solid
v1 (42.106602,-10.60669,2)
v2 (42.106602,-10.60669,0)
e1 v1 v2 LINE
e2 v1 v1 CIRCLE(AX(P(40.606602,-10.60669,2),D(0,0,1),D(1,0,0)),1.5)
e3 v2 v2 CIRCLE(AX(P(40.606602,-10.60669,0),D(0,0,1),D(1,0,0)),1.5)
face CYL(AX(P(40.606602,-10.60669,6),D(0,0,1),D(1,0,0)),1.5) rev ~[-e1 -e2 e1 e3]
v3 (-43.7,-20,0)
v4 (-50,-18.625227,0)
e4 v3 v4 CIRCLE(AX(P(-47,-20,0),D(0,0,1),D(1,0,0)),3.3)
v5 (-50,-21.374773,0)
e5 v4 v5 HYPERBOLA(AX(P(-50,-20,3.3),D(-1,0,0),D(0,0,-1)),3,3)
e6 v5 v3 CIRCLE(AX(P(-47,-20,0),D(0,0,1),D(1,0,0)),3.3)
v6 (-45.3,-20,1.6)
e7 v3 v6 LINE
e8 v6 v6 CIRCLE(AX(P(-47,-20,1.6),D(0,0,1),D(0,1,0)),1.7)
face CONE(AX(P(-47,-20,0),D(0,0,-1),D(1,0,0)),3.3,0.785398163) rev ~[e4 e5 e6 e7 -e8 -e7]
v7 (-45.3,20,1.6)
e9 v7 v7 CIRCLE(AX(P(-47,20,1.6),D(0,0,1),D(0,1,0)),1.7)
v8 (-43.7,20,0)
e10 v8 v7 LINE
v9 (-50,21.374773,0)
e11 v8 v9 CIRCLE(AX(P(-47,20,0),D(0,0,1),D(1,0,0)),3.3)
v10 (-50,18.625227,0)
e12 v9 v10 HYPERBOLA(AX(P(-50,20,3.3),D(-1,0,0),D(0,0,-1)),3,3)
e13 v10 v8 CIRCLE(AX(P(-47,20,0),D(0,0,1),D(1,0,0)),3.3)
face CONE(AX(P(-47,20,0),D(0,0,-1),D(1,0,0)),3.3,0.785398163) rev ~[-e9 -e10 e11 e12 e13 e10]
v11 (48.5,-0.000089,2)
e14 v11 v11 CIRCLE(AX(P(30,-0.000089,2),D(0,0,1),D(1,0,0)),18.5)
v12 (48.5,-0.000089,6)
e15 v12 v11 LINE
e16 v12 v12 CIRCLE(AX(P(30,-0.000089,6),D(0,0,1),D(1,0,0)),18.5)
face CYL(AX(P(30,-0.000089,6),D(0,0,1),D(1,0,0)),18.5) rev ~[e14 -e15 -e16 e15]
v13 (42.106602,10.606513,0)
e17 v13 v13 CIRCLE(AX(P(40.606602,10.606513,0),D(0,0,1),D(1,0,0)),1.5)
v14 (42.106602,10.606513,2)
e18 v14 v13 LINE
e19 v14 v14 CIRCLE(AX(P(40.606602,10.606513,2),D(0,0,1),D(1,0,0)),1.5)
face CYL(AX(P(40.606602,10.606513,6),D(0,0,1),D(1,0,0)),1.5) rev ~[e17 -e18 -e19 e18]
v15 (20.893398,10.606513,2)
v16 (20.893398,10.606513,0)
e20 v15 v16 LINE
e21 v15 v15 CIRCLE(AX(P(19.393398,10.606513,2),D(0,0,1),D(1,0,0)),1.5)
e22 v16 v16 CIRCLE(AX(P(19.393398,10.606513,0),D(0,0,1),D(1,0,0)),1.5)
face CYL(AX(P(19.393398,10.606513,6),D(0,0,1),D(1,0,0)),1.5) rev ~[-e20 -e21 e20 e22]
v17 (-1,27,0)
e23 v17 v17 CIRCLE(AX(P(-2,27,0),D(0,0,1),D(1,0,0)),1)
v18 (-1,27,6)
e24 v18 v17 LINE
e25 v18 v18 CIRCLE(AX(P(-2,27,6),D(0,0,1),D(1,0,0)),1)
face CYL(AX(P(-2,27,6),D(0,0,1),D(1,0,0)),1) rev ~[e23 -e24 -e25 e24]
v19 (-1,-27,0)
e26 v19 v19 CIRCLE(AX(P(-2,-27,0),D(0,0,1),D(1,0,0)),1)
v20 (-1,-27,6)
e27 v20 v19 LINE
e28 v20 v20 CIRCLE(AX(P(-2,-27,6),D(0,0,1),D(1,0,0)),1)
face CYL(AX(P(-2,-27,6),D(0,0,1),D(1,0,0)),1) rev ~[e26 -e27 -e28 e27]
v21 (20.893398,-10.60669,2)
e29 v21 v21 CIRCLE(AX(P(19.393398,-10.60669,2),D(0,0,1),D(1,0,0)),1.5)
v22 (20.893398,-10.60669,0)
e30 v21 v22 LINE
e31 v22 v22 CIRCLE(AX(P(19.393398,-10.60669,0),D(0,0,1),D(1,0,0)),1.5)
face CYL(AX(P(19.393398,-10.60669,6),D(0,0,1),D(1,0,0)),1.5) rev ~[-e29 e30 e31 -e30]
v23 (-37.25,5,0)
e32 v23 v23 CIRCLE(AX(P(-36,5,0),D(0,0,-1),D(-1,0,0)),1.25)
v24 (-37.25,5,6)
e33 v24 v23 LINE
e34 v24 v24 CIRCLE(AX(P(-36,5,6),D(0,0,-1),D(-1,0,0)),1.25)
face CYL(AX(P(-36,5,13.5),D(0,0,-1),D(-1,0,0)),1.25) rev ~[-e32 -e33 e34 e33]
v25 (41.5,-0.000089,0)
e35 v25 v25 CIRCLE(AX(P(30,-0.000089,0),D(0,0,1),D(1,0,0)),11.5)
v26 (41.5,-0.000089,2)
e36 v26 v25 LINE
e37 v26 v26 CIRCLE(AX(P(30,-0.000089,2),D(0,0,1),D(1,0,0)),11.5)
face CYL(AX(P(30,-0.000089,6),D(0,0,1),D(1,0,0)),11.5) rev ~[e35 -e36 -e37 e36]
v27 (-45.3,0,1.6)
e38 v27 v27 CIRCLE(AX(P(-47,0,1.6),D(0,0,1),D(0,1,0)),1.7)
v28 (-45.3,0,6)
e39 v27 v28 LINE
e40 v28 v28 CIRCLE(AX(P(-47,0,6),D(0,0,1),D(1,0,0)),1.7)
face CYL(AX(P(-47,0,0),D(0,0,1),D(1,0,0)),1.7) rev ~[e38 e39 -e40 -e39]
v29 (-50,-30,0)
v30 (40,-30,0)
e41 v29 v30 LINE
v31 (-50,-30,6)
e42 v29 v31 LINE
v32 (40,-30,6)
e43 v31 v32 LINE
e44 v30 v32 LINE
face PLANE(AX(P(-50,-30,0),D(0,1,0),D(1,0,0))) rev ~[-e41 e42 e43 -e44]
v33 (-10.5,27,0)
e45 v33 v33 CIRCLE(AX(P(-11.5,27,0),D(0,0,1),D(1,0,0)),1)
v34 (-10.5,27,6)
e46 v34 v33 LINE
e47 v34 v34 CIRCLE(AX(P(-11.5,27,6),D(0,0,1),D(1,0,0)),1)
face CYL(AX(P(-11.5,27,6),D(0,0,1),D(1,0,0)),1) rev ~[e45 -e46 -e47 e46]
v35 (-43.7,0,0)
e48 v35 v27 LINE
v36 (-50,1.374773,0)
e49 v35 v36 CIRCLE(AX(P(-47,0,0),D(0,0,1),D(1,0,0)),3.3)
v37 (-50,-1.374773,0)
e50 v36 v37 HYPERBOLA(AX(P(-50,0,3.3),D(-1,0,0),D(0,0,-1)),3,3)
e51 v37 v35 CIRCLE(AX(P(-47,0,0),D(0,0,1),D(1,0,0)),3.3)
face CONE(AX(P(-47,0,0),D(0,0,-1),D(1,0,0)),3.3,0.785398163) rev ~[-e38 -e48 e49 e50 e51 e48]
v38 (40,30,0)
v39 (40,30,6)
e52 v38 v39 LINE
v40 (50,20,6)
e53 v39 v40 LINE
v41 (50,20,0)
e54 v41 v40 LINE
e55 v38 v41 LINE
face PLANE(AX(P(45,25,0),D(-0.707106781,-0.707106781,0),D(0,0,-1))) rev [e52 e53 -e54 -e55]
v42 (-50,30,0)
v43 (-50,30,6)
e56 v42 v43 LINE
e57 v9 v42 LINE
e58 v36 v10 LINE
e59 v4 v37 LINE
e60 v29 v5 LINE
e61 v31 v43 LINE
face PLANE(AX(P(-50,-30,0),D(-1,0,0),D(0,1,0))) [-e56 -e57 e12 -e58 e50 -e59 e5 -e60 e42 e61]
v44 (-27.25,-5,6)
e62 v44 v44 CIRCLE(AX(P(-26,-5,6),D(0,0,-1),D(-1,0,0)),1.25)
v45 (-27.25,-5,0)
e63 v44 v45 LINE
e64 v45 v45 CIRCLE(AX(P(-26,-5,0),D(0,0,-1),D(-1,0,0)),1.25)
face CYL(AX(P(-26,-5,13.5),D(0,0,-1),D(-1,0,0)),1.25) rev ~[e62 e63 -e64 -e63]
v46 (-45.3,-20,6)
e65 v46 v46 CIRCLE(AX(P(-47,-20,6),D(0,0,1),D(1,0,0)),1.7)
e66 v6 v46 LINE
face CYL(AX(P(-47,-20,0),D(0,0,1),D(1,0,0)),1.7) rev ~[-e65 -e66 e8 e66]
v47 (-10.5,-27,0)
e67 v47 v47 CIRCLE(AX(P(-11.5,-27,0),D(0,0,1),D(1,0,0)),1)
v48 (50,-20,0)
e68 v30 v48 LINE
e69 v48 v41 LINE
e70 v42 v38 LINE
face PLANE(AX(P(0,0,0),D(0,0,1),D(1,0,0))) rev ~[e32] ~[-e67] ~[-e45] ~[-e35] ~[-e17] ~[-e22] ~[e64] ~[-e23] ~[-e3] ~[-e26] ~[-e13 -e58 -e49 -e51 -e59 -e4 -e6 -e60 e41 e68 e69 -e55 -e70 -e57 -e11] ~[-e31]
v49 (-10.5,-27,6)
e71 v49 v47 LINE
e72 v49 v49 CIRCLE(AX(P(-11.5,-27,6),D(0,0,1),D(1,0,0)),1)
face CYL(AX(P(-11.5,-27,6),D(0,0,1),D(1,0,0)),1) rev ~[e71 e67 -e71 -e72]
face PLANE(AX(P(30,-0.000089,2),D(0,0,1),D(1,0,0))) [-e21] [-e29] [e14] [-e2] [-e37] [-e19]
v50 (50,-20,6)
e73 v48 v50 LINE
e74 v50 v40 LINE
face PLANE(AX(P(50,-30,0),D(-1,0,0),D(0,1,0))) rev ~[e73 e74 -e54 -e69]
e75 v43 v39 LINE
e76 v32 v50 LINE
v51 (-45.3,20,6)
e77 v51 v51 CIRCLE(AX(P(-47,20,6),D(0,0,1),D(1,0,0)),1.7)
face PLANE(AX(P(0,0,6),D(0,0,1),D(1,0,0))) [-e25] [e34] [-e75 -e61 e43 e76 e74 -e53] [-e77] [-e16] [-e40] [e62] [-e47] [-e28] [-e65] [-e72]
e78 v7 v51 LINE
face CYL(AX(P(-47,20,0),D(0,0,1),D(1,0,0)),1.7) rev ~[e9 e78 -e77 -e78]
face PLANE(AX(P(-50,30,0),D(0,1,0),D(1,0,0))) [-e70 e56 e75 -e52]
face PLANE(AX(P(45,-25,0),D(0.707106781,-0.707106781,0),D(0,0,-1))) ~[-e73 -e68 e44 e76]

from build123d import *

# Parameters (mm, degrees)
SKETCH_1_W                = 100
SKETCH_1_H                = 60
EXTRUDE_1_DEPTH           = 6
SKETCH_2_R                = 11.5
SKETCH_2_R_2              = 1.5
CUT_EXTRUDE_1_DEPTH       = 10
SKETCH_3_R                = 18.5
CUT_EXTRUDE_2_DEPTH       = 4
HOLE_WIZARD_2_D           = 3.4
HOLE_WIZARD_2_CSINK_D     = 6.6
HOLE_WIZARD_2_CSINK_ANGLE = 90
CHAMFER_1_SIZE            = 10
HOLE_WIZARD_M3_1_D        = 2.5
HOLE_WIZARD_M3_1_DEPTH    = 7.5
HOLE_WIZARD_M3_1_TIP      = 0.751075774
SKETCH_16_R               = 1
CUT_EXTRUDE_3_DEPTH       = 6


with BuildPart() as part:
    # 草图1 → 凸台-拉伸1 (new body)
    with BuildSketch(Plane.XY):
        Rectangle(SKETCH_1_W, SKETCH_1_H)
    extrude(amount=EXTRUDE_1_DEPTH)

    # 草图2 → 切除-拉伸1 (cut)
    with BuildSketch(Plane.XY.offset(6)):
        with Locations((30, -8.8724e-05)):
            Circle(SKETCH_2_R)
        with Locations((40.606601718, 10.606512994)):
            Circle(SKETCH_2_R_2)
        with Locations((40.606601718, -10.606690441)):
            Circle(SKETCH_2_R_2)
        with Locations((19.393398282, 10.606512994)):
            Circle(SKETCH_2_R_2)
        with Locations((19.393398282, -10.606690441)):
            Circle(SKETCH_2_R_2)
    extrude(amount=-CUT_EXTRUDE_1_DEPTH, mode=Mode.SUBTRACT)

    # 草图3 → 切除-拉伸2 (cut)
    with BuildSketch(Plane.XY.offset(6)):
        with Locations((30, -8.8724e-05)):
            Circle(SKETCH_3_R)
    extrude(amount=-CUT_EXTRUDE_2_DEPTH, mode=Mode.SUBTRACT)

    # 打孔尺寸(%根据十字)槽半沉头木螺钉的类型2 (through all)
    with Locations(Plane(origin=(0, 0, 0), x_dir=(-1, 0, 0), z_dir=(0, 0, -1))):
        with Locations((47, -20), (47, 0), (47, 20)):
            CounterSinkHole(HOLE_WIZARD_2_D / 2, HOLE_WIZARD_2_CSINK_D / 2, counter_sink_angle=HOLE_WIZARD_2_CSINK_ANGLE)

    # 倒角1
    chamfer_1_edges = [part.edges().sort_by_distance(p)[0] for p in [
        (50, 30, 3),
        (50, -30, 3),
    ]]
    chamfer(chamfer_1_edges, length=CHAMFER_1_SIZE)

    # M3 螺纹孔1
    with Locations(Plane.XY.offset(6)):
        with Locations((-36, 5), (-26, -5)):
            Hole(HOLE_WIZARD_M3_1_D / 2, depth=HOLE_WIZARD_M3_1_DEPTH)
            with Locations((0, 0, -(HOLE_WIZARD_M3_1_DEPTH + HOLE_WIZARD_M3_1_TIP / 2))):  # 118° drill point
                Cone(0, HOLE_WIZARD_M3_1_D / 2, HOLE_WIZARD_M3_1_TIP, mode=Mode.SUBTRACT)

    # 草图16 → 切除-拉伸3 (cut)
    with BuildSketch(Plane.XY.offset(6)):
        with Locations((-2, 27)):
            Circle(SKETCH_16_R)
        with Locations((-11.5, 27)):
            Circle(SKETCH_16_R)
        with Locations((-11.5, -27)):
            Circle(SKETCH_16_R)
        with Locations((-2, -27)):
            Circle(SKETCH_16_R)
    extrude(amount=-CUT_EXTRUDE_3_DEPTH, mode=Mode.SUBTRACT)


solid = part.part
